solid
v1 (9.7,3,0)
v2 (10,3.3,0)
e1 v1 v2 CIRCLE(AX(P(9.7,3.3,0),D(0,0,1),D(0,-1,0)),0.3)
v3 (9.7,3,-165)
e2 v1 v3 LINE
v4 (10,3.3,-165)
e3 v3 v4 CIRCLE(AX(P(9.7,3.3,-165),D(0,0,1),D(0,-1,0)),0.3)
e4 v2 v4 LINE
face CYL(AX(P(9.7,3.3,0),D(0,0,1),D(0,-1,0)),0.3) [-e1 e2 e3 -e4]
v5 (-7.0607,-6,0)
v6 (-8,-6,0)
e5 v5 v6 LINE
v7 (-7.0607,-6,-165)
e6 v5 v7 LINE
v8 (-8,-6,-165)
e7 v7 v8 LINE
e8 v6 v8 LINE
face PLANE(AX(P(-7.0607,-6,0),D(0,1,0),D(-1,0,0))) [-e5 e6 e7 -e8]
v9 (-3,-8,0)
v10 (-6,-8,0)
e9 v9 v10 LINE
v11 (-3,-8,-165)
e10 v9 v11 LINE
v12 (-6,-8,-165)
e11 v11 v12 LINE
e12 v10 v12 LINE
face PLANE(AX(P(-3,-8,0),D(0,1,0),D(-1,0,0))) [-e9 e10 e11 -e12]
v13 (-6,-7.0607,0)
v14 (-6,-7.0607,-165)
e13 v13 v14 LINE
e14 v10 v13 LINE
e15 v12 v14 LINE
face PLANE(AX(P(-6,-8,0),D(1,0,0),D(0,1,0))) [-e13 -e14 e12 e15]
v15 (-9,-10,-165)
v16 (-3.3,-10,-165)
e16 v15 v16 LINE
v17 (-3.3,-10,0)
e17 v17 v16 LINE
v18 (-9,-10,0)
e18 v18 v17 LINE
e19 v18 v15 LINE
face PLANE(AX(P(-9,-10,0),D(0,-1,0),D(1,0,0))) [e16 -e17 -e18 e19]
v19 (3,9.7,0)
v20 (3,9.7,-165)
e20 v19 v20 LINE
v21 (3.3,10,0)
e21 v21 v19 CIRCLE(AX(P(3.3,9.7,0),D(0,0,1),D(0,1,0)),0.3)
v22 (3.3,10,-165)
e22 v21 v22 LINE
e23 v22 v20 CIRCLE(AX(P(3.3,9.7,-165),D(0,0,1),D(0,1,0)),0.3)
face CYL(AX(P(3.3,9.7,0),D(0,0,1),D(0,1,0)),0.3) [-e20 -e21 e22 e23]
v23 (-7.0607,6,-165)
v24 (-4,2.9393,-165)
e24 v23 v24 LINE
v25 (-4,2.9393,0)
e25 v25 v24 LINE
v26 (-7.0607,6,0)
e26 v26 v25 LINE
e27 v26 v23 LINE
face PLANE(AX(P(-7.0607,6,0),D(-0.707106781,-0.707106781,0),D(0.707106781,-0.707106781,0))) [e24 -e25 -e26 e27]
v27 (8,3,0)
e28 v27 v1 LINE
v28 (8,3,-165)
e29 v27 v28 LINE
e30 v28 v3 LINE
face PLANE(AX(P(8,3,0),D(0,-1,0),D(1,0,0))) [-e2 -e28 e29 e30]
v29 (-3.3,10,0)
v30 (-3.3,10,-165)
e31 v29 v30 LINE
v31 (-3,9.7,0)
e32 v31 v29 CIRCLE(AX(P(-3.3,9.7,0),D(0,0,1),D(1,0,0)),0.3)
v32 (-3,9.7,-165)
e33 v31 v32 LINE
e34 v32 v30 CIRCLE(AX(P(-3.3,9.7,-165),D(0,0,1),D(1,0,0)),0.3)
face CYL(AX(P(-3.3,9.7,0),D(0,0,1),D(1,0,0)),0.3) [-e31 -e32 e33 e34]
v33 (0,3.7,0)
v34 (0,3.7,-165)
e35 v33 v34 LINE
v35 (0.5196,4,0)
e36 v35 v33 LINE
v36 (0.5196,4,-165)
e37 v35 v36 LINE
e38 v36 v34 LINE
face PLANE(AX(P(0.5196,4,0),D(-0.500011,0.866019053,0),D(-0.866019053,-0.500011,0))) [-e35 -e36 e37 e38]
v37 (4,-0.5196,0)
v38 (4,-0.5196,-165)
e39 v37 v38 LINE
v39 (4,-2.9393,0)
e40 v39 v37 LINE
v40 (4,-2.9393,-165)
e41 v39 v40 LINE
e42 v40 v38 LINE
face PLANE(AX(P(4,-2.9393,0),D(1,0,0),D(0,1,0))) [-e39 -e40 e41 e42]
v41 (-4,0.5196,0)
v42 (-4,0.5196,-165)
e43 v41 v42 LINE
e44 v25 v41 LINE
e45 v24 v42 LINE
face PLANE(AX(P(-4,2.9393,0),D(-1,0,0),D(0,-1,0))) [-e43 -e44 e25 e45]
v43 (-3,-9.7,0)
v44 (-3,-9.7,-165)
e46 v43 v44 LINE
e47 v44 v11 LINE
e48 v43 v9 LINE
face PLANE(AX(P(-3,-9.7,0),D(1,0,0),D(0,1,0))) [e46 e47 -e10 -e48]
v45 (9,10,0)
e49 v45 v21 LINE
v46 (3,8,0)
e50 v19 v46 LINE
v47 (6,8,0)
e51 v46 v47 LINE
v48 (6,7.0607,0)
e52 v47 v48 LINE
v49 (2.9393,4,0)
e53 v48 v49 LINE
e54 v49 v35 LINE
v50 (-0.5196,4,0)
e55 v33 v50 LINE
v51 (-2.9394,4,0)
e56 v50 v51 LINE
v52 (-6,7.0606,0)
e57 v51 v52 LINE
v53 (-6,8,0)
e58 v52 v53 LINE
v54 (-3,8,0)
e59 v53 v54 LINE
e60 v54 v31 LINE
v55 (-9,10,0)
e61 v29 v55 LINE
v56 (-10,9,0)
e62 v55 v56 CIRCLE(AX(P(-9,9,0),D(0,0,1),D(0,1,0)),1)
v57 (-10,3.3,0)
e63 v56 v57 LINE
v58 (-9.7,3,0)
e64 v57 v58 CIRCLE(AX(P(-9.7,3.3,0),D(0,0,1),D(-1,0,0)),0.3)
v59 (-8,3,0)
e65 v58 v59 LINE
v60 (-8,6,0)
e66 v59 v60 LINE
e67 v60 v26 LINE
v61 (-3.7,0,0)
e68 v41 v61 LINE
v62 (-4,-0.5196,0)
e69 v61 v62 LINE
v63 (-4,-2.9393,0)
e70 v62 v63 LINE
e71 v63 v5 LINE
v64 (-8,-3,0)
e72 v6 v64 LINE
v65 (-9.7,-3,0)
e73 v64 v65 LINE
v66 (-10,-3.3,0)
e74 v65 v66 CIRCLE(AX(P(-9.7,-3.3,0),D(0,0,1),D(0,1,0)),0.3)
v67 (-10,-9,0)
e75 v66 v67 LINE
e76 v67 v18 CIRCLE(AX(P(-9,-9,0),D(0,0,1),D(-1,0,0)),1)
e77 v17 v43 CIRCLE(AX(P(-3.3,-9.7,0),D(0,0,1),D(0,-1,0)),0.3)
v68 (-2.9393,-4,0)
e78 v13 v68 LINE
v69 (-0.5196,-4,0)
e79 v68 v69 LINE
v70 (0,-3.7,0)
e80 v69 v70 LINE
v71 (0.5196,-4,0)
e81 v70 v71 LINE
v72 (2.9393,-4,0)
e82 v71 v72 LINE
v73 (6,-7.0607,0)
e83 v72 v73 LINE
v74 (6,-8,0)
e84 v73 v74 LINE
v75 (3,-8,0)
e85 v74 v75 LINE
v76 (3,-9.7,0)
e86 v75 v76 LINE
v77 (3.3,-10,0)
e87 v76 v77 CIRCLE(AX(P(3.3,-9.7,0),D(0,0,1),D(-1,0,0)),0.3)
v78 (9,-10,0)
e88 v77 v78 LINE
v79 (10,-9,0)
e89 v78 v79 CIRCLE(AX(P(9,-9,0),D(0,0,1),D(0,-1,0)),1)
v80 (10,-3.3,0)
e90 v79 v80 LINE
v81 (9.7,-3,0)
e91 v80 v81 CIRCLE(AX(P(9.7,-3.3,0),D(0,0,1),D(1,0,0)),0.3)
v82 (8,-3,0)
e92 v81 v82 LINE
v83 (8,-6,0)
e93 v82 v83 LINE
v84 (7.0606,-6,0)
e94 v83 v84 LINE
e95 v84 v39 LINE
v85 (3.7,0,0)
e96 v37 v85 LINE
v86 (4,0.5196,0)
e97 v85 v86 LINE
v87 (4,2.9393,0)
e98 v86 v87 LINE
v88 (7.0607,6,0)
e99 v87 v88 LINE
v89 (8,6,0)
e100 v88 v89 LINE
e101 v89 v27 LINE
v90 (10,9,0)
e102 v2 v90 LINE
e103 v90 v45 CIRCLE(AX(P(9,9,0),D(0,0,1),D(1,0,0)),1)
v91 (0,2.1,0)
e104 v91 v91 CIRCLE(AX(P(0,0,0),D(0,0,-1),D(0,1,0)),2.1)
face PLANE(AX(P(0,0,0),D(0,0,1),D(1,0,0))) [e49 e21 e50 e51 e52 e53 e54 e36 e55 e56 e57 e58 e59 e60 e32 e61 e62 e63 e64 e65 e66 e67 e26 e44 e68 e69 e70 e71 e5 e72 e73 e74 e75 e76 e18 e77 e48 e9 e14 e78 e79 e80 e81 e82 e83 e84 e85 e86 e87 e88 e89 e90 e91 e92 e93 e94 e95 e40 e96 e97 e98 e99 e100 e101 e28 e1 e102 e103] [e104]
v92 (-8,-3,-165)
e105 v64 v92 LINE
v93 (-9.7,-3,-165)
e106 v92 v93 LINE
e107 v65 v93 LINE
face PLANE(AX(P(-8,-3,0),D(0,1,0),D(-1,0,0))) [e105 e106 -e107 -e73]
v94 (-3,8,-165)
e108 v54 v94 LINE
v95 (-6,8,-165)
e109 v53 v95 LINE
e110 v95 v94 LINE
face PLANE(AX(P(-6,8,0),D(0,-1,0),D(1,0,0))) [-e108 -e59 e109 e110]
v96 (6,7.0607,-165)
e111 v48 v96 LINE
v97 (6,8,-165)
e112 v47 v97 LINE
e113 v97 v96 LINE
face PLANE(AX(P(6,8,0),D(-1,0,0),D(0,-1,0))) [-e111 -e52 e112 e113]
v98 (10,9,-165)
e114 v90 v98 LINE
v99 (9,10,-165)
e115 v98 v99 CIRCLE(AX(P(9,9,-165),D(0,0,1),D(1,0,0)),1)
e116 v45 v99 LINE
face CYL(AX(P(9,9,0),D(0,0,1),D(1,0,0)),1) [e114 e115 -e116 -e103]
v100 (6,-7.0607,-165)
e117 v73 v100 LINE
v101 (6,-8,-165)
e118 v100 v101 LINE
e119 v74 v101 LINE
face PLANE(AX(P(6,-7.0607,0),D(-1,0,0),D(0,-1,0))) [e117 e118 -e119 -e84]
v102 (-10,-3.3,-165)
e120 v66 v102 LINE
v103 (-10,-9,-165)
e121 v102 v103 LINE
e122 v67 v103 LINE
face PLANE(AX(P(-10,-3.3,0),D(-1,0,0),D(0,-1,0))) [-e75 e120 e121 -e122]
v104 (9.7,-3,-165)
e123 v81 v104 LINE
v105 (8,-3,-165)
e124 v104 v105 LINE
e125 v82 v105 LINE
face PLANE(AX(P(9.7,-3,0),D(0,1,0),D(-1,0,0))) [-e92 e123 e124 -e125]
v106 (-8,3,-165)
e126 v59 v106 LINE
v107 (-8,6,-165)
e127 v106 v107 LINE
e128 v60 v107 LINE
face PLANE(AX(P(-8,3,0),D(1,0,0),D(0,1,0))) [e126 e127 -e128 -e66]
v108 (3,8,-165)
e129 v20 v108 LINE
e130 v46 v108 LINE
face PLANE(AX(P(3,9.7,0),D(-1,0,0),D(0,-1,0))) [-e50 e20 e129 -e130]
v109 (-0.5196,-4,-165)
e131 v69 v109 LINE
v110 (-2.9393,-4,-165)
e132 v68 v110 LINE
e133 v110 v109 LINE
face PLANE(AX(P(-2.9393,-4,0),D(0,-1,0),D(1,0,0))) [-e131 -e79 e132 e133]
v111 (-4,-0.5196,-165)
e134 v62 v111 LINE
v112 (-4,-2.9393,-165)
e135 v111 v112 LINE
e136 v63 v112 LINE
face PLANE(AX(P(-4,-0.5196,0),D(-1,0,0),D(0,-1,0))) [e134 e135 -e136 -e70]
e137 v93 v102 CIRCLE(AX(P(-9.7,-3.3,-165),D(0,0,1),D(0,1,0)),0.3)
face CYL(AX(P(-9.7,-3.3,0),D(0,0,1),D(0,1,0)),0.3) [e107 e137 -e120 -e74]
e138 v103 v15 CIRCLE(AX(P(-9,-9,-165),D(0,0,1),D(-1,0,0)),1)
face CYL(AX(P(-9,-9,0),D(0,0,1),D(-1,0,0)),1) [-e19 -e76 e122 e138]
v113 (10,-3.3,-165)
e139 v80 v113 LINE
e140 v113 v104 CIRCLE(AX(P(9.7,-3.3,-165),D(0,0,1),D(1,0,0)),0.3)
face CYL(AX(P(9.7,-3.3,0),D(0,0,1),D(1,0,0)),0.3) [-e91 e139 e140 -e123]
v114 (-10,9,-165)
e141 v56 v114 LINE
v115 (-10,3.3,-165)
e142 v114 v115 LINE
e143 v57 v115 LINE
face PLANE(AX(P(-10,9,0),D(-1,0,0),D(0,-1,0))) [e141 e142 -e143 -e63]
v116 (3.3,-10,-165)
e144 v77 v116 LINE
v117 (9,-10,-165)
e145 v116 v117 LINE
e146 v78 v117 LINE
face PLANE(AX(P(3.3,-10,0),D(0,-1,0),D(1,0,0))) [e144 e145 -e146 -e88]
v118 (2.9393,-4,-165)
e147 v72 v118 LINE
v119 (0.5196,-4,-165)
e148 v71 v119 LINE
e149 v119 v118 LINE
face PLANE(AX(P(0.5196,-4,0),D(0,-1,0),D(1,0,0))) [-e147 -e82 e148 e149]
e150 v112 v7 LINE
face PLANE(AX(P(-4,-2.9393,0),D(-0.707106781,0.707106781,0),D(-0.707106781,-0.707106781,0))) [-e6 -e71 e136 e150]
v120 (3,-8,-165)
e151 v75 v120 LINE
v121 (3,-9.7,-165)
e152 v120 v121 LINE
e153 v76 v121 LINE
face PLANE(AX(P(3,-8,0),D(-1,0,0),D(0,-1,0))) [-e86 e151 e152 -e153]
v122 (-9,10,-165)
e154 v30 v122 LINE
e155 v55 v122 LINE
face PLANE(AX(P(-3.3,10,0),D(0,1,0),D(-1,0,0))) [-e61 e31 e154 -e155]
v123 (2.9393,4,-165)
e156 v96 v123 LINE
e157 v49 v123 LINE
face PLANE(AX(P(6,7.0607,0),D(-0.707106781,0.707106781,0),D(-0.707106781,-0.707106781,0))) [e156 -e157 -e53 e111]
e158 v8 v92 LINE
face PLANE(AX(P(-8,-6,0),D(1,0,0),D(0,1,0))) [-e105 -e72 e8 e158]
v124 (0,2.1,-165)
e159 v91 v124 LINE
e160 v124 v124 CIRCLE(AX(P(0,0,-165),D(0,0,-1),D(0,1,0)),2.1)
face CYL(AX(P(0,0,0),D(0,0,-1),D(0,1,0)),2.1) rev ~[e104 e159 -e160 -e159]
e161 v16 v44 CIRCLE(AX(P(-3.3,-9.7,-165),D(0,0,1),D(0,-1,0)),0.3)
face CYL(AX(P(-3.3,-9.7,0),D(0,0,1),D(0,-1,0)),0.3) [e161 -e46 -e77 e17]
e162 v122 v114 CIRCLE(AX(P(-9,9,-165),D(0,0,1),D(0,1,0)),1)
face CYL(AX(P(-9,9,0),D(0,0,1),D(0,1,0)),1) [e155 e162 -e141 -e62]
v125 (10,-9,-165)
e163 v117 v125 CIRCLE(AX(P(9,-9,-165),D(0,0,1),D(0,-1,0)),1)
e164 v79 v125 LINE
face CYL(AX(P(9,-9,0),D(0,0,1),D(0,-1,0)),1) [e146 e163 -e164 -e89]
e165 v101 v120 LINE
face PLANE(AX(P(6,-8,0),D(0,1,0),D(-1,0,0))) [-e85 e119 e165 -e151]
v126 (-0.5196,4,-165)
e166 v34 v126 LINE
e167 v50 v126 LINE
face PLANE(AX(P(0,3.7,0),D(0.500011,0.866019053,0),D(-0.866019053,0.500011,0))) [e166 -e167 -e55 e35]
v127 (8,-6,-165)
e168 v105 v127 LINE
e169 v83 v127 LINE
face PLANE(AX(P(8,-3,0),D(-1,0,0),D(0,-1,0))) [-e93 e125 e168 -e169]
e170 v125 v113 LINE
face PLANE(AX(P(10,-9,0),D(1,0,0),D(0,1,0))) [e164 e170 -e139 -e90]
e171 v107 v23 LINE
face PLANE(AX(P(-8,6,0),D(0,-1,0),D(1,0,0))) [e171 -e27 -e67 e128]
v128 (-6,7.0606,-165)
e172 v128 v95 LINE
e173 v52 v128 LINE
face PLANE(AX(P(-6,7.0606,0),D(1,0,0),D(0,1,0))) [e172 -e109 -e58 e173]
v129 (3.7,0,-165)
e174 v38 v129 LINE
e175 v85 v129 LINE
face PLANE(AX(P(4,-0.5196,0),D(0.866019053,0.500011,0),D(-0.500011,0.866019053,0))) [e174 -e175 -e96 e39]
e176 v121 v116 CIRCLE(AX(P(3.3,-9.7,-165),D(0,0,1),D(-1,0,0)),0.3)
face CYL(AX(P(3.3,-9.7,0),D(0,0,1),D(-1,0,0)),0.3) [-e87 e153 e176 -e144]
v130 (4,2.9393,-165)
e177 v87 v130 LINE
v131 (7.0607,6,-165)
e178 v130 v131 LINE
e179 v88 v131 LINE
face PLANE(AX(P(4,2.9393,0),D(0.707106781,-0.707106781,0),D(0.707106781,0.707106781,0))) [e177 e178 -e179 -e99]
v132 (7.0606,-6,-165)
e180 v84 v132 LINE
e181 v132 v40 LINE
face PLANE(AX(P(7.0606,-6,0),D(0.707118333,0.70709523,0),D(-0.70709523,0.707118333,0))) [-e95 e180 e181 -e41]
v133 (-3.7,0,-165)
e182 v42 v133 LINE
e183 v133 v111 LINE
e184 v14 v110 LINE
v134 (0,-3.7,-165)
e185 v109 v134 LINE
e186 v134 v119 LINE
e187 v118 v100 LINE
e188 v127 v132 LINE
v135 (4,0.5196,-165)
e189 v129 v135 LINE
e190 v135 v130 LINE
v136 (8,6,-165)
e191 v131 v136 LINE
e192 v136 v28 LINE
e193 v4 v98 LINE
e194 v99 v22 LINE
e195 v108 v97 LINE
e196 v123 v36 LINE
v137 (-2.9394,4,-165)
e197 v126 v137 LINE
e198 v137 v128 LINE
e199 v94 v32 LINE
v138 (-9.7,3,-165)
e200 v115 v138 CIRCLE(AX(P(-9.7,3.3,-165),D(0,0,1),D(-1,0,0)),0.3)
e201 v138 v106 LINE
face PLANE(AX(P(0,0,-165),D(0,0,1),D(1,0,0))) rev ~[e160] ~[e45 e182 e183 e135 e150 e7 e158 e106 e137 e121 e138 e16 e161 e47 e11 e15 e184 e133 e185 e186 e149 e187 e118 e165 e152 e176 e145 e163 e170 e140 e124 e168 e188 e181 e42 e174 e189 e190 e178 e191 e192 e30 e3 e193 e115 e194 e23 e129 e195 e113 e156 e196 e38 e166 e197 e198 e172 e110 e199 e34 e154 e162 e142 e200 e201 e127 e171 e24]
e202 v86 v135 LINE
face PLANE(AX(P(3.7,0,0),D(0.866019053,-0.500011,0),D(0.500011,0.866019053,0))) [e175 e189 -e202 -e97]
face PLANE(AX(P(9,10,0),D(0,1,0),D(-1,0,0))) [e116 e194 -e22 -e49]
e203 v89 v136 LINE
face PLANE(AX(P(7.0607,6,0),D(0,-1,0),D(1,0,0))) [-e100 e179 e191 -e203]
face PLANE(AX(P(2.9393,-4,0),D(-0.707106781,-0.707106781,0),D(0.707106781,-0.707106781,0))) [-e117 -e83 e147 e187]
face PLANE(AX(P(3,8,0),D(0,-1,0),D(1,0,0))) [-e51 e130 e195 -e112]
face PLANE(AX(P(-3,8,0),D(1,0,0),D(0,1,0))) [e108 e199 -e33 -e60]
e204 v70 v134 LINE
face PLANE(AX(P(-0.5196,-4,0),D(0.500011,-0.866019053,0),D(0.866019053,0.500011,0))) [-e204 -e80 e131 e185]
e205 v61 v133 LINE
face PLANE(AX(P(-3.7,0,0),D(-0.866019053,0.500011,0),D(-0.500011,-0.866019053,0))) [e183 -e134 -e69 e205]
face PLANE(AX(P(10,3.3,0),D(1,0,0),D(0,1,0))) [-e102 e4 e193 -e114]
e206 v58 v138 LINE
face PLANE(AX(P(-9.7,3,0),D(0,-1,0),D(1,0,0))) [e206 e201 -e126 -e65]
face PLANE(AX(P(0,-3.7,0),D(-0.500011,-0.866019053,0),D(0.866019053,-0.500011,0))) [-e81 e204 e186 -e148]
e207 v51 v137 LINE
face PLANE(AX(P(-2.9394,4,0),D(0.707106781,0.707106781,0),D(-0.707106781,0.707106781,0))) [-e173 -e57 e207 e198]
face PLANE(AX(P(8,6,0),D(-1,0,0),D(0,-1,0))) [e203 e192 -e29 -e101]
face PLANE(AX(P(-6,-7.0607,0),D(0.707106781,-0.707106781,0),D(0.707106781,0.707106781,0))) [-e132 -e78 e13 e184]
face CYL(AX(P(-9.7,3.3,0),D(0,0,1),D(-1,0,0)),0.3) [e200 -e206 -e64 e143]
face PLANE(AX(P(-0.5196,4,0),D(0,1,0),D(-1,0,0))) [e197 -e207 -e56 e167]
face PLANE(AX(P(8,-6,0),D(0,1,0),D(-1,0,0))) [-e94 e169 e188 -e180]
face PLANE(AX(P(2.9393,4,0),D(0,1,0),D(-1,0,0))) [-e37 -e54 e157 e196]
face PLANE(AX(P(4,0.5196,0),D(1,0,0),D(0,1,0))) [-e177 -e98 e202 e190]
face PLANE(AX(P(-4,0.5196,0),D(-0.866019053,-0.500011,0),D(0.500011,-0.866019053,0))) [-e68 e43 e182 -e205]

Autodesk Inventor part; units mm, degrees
sketch "Sketch_1" plane through (0, 0, 0) normal (0, 0, 1) x (1, 0, 0)
  line L0 (-10, 9) -> (-10, 3.3)
  arc A0 (-10, 3.3) -> (-9.7, 3) centre (-9.7, 3.3) ccw
  line L1 (-9.7, 3) -> (-8, 3)
  line L2 (-8, 3) -> (-8, 6)
  line L3 (-8, 6) -> (-7.0607, 6)
  line L4 (-7.0607, 6) -> (-4, 2.9393)
  line L5 (-4, 2.9393) -> (-4, 0.5196)
  line L6 (-4, 0.5196) -> (-3.7, 0)
  line L7 (-3.7, 0) -> (-4, -0.5196)
  line L8 (-4, -0.5196) -> (-4, -2.9393)
  line L9 (-4, -2.9393) -> (-7.0607, -6)
  line L10 (-7.0607, -6) -> (-8, -6)
  line L11 (-8, -6) -> (-8, -3)
  line L12 (-8, -3) -> (-9.7, -3)
  arc A1 (-9.7, -3) -> (-10, -3.3) centre (-9.7, -3.3) ccw
  line L13 (-10, -3.3) -> (-10, -9)
  arc A2 (-10, -9) -> (-9, -10) centre (-9, -9) ccw
  line L14 (-9, -10) -> (-3.3, -10)
  arc A3 (-3.3, -10) -> (-3, -9.7) centre (-3.3, -9.7) ccw
  line L15 (-3, -9.7) -> (-3, -8)
  line L16 (-3, -8) -> (-6, -8)
  line L17 (-6, -8) -> (-6, -7.0607)
  line L18 (-6, -7.0607) -> (-2.9393, -4)
  line L19 (-2.9393, -4) -> (-0.5196, -4)
  line L20 (-0.5196, -4) -> (0, -3.7)
  line L21 (0, -3.7) -> (0.5196, -4)
  line L22 (0.5196, -4) -> (2.9393, -4)
  line L23 (2.9393, -4) -> (6, -7.0607)
  line L24 (6, -7.0607) -> (6, -8)
  line L25 (6, -8) -> (3, -8)
  line L26 (3, -8) -> (3, -9.7)
  arc A4 (3, -9.7) -> (3.3, -10) centre (3.3, -9.7) ccw
  line L27 (3.3, -10) -> (9, -10)
  arc A5 (9, -10) -> (10, -9) centre (9, -9) ccw
  line L28 (10, -9) -> (10, -3.3)
  arc A6 (10, -3.3) -> (9.7, -3) centre (9.7, -3.3) ccw
  line L29 (9.7, -3) -> (8, -3)
  line L30 (8, -3) -> (8, -6)
  line L31 (8, -6) -> (7.0606, -6)
  line L32 (7.0606, -6) -> (4, -2.9393)
  line L33 (4, -2.9393) -> (4, -0.5196)
  line L34 (4, -0.5196) -> (3.7, 0)
  line L35 (3.7, 0) -> (4, 0.5196)
  line L36 (4, 0.5196) -> (4, 2.9393)
  line L37 (4, 2.9393) -> (7.0607, 6)
  line L38 (7.0607, 6) -> (8, 6)
  line L39 (8, 6) -> (8, 3)
  line L40 (8, 3) -> (9.7, 3)
  arc A7 (9.7, 3) -> (10, 3.3) centre (9.7, 3.3) ccw
  line L41 (10, 3.3) -> (10, 9)
  arc A8 (10, 9) -> (9, 10) centre (9, 9) ccw
  line L42 (9, 10) -> (3.3, 10)
  arc A9 (3.3, 10) -> (3, 9.7) centre (3.3, 9.7) ccw
  line L43 (3, 9.7) -> (3, 8)
  line L44 (3, 8) -> (6, 8)
  line L45 (6, 8) -> (6, 7.0607)
  line L46 (6, 7.0607) -> (2.9393, 4)
  line L47 (2.9393, 4) -> (0.5196, 4)
  line L48 (0.5196, 4) -> (0, 3.7)
  line L49 (0, 3.7) -> (-0.5196, 4)
  line L50 (-0.5196, 4) -> (-2.9394, 4)
  line L51 (-2.9394, 4) -> (-6, 7.0606)
  line L52 (-6, 7.0606) -> (-6, 8)
  line L53 (-6, 8) -> (-3, 8)
  line L54 (-3, 8) -> (-3, 9.7)
  arc A10 (-3, 9.7) -> (-3.3, 10) centre (-3.3, 9.7) ccw
  line L55 (-3.3, 10) -> (-9, 10)
  arc A11 (-9, 10) -> (-10, 9) centre (-9, 9) ccw
extrude "Extrusion1" add sketch "Sketch_1" against normal blind 165
sketch "Sketch_2" plane through (0, 0, 0) normal (1, 0, 0) x (0, 0, -1)
  line L0 (400, 0) -> (0, 0)
  line L1 (0, 0) -> (0, 2.1)
  line L2 (0, 2.1) -> (400, 2.1)
  line L3 (400, 2.1) -> (400, 0)
  line L4 (400, 0) -> (0, 0)
revolve "Revolution1" cut sketch "Sketch_2" angle 360 about axis through (0, 0, -400) along (0, 0, -1)
ref_plane "C1_XY" through (0, 0, 0) normal (0, 0, 1) x (1, 0, 0)
ref_plane "C1_YZ" through (0, 0, 0) normal (1, 0, 0) x (0, 1, 0)
ref_plane "C1_ZX" through (0, 0, 0) normal (0, 1, 0) x (0, 0, 1)
properties part number "2020 extrusion 165mm short cross"
